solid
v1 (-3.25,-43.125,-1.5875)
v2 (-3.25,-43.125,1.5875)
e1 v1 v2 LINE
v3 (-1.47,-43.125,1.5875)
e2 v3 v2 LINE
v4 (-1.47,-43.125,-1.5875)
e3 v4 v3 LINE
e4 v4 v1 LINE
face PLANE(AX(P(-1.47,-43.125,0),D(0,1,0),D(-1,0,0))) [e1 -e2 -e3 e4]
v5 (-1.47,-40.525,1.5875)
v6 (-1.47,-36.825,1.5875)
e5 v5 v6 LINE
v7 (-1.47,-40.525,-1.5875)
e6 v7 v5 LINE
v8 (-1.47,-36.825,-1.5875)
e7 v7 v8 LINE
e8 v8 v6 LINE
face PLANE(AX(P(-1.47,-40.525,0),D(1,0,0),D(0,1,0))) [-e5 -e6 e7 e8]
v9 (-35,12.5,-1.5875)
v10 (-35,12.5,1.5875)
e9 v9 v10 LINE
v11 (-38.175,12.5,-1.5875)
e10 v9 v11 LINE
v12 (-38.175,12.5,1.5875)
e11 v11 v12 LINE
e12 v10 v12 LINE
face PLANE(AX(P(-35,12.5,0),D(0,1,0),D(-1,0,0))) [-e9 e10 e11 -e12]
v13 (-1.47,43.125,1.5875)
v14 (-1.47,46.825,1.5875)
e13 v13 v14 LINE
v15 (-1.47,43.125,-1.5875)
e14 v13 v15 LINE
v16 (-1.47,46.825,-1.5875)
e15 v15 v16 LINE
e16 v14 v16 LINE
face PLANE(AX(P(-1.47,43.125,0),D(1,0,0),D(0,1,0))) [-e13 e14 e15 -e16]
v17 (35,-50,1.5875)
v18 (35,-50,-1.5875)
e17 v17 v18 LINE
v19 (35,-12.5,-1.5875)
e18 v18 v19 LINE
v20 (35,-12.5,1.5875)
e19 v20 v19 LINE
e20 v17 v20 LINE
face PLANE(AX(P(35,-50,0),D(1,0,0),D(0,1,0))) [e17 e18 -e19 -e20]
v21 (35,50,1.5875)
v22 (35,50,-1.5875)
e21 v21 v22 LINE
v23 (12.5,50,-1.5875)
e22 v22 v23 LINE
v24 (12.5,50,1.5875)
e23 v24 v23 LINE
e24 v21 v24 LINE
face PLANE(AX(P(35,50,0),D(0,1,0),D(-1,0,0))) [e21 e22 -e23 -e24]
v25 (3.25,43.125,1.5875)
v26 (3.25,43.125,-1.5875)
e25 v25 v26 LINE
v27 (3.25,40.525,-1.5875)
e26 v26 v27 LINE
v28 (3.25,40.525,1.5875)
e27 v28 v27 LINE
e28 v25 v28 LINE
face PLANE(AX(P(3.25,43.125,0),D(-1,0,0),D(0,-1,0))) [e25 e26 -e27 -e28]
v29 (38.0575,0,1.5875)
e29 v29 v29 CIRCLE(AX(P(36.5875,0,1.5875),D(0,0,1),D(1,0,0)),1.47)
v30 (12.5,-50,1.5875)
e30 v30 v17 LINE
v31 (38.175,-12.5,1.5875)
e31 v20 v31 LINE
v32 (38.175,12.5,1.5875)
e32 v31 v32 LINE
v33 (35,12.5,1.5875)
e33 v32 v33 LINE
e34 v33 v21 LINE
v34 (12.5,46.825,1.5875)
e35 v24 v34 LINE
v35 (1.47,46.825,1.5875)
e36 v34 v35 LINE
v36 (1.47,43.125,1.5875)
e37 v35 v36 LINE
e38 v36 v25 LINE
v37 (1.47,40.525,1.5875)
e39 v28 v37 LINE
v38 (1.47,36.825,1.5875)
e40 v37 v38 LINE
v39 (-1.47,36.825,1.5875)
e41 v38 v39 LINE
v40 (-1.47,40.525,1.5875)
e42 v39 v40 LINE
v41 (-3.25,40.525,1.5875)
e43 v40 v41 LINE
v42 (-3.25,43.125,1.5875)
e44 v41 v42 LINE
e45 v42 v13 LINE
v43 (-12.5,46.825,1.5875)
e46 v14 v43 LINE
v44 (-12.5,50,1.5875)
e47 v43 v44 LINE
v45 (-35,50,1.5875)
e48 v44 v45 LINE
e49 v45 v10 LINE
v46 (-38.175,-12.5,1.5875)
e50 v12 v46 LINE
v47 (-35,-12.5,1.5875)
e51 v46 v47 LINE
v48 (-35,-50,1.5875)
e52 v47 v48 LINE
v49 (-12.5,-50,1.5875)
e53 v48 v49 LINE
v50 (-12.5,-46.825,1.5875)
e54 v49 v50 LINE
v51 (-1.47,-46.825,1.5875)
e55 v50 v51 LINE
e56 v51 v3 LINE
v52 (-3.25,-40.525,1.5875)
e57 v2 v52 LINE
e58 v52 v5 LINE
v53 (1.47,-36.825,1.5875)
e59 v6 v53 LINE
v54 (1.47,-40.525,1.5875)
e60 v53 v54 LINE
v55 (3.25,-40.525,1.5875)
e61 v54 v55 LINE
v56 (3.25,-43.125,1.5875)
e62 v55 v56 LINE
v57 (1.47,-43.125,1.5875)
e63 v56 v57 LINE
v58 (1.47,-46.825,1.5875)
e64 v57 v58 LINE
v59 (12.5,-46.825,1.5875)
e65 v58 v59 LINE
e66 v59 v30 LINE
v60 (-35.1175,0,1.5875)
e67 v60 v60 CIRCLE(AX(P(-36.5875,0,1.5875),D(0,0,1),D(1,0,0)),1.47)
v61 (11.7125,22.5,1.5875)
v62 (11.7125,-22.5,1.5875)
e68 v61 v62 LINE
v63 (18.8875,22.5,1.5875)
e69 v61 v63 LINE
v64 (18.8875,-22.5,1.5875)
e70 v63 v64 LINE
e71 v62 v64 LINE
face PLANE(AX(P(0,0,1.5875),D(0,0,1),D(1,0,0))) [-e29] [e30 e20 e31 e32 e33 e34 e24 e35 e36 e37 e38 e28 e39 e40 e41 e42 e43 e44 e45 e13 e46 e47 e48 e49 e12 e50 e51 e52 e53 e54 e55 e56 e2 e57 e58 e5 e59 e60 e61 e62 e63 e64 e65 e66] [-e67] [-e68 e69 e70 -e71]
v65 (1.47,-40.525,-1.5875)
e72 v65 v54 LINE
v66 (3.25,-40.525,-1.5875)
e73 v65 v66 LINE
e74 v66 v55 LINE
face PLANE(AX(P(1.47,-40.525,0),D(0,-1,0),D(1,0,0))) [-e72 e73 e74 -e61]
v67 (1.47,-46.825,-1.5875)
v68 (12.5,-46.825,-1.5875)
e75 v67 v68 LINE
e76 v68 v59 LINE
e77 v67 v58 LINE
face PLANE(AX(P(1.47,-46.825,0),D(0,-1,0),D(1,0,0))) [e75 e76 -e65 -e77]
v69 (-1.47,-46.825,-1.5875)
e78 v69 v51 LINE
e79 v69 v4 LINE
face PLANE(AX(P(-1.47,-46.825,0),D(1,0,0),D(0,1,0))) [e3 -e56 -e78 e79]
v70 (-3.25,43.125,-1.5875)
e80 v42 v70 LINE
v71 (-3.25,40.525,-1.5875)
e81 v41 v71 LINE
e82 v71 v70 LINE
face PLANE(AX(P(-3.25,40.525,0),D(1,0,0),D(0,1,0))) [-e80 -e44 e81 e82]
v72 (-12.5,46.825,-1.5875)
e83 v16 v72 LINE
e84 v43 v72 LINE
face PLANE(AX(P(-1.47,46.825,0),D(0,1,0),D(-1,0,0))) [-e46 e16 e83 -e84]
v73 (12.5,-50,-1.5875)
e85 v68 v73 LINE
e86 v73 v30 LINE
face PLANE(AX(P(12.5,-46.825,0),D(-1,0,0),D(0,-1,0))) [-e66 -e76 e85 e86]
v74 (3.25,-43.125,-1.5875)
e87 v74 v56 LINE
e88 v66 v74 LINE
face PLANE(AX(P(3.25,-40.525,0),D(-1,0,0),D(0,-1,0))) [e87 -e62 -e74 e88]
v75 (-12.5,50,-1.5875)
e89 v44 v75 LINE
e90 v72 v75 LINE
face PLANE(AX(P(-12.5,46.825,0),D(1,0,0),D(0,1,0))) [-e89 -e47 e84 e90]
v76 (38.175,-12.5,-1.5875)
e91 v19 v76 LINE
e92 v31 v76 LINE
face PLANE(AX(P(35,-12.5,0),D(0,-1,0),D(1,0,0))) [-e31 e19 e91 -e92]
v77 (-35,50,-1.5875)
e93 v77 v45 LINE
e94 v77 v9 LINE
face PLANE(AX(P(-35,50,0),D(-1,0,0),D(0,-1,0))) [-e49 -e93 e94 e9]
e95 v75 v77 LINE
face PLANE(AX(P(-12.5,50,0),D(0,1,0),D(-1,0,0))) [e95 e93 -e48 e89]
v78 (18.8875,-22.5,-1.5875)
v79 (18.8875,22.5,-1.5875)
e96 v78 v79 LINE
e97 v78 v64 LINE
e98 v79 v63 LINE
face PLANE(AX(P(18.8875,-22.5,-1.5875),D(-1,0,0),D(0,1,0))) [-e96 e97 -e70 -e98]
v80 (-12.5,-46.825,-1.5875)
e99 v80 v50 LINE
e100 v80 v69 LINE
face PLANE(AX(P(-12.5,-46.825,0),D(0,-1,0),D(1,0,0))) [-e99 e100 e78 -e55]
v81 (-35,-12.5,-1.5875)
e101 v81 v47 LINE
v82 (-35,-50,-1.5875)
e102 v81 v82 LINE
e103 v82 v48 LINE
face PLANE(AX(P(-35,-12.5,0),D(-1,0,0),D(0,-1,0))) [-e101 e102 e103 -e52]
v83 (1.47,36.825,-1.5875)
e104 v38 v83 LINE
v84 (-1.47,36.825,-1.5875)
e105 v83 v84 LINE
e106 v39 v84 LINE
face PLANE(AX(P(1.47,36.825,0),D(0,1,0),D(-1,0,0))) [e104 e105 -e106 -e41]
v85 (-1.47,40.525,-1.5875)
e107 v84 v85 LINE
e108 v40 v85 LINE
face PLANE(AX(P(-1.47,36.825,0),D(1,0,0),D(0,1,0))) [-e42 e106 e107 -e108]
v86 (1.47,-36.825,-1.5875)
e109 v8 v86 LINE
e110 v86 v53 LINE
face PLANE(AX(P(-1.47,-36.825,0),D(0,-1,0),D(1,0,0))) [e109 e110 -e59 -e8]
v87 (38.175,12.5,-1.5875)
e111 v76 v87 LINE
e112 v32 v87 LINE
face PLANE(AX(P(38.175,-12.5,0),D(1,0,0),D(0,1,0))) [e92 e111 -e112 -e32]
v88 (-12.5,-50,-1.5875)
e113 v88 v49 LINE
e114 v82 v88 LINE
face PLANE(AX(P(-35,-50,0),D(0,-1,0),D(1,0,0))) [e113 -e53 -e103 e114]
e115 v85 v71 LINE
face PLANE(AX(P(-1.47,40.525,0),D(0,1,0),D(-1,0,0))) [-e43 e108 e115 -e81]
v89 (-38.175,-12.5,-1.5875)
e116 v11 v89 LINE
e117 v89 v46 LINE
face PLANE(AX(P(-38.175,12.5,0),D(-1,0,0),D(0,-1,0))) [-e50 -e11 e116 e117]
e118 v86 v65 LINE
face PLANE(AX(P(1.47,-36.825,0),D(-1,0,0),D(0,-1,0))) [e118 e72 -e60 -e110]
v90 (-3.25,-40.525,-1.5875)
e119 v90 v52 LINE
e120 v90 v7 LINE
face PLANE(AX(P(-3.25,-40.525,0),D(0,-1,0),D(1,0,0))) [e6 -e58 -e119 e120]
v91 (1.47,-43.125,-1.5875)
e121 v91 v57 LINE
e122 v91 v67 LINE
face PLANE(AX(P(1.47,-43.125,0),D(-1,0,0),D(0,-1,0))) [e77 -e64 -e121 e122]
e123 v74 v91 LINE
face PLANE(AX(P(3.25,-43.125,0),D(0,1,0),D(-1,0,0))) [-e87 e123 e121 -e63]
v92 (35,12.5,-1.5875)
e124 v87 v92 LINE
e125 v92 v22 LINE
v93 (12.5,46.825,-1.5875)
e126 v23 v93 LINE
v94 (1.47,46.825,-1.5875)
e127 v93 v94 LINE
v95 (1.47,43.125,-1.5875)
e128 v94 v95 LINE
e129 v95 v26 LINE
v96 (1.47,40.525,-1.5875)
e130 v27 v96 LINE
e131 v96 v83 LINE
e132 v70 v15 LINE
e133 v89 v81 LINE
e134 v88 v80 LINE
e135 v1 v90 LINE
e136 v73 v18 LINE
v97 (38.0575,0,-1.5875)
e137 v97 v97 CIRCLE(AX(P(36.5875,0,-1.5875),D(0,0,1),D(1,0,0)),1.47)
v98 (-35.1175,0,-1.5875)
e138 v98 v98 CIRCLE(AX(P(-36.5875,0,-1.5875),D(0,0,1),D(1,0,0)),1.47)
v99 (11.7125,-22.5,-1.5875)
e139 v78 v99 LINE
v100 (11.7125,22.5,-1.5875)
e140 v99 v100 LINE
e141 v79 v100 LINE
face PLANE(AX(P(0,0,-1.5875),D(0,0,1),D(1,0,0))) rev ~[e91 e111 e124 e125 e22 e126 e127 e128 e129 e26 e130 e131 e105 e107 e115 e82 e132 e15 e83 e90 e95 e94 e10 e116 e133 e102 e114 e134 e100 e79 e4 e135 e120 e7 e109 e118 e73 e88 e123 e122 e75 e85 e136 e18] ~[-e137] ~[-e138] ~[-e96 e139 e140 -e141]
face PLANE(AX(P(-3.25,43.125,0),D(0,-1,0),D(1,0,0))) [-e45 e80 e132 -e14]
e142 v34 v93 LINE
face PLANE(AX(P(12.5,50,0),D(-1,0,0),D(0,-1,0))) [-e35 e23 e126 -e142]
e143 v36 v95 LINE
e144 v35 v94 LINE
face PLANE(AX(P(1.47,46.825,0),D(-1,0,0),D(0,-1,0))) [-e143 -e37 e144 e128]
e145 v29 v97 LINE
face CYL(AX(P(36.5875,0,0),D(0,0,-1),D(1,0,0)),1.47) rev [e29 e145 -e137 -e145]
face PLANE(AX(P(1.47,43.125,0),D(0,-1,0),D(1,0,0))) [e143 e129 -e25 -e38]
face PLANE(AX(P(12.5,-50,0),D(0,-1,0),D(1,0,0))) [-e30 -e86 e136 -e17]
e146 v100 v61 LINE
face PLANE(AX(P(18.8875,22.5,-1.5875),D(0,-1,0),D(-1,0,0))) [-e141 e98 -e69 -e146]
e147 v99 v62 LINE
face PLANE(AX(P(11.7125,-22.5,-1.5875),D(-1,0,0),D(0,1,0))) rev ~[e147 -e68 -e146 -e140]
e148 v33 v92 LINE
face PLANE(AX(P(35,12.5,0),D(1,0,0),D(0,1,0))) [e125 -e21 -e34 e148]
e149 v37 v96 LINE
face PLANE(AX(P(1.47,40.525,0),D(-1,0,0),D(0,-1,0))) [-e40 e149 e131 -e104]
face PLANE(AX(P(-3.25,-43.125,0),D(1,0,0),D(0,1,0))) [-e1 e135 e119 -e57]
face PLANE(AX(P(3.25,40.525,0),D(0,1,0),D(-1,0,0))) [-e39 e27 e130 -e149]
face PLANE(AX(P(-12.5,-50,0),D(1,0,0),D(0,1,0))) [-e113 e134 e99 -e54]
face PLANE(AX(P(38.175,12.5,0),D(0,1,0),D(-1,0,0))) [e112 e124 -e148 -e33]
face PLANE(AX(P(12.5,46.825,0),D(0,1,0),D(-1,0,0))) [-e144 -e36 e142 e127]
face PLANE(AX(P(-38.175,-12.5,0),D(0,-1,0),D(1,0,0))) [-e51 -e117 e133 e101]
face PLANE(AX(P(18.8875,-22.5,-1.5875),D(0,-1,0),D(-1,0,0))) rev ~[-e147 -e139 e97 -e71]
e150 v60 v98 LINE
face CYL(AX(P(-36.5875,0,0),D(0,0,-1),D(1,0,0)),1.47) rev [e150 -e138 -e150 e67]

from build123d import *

# Parameters (mm, degrees)
SKETCH1_R           = 1.47
BOSS_EXTRUDE1_DEPTH = 1.5875
SKETCH3_W           = 7.175
SKETCH3_H           = 45
CUT_EXTRUDE1_DEPTH  = 4.175


with BuildPart() as part:
    # Sketch1 → Boss-Extrude1 (new body, symmetric)
    with BuildSketch(Plane.XY):
        Polygon((-12.5, 50), (-35, 50), (-35, 12.5), (-38.175, 12.5), (-38.175, -12.5), (-35, -12.5), (-35, -50), (-12.5, -50), (-12.5, -46.825), (-1.47, -46.825), (-1.47, -43.125), (-3.25, -43.125), (-3.25, -40.525), (-1.47, -40.525), (-1.47, -36.825), (1.47, -36.825), (1.47, -40.525), (3.25, -40.525), (3.25, -43.125), (1.47, -43.125), (1.47, -46.825), (12.5, -46.825), (12.5, -50), (35, -50), (35, -12.5), (38.175, -12.5), (38.175, 12.5), (35, 12.5), (35, 50), (12.5, 50), (12.5, 46.825), (1.47, 46.825), (1.47, 43.125), (3.25, 43.125), (3.25, 40.525), (1.47, 40.525), (1.47, 36.825), (-1.47, 36.825), (-1.47, 40.525), (-3.25, 40.525), (-3.25, 43.125), (-1.47, 43.125), (-1.47, 46.825), (-12.5, 46.825), align=None)
        with Locations((-36.5875, 0)):
            Circle(SKETCH1_R, mode=Mode.SUBTRACT)
        with Locations((36.5875, 0)):
            Circle(SKETCH1_R, mode=Mode.SUBTRACT)
    extrude(amount=BOSS_EXTRUDE1_DEPTH, both=True)

    # Sketch3 → Cut-Extrude1 (cut, through all)
    with BuildSketch(Plane(origin=(0, 0, -1.5875), x_dir=(-1, 0, 0), z_dir=(0, 0, -1))):
        with Locations((-15.3, 0)):
            Rectangle(SKETCH3_W, SKETCH3_H)
    extrude(amount=-CUT_EXTRUDE1_DEPTH, mode=Mode.SUBTRACT)


solid = part.part
